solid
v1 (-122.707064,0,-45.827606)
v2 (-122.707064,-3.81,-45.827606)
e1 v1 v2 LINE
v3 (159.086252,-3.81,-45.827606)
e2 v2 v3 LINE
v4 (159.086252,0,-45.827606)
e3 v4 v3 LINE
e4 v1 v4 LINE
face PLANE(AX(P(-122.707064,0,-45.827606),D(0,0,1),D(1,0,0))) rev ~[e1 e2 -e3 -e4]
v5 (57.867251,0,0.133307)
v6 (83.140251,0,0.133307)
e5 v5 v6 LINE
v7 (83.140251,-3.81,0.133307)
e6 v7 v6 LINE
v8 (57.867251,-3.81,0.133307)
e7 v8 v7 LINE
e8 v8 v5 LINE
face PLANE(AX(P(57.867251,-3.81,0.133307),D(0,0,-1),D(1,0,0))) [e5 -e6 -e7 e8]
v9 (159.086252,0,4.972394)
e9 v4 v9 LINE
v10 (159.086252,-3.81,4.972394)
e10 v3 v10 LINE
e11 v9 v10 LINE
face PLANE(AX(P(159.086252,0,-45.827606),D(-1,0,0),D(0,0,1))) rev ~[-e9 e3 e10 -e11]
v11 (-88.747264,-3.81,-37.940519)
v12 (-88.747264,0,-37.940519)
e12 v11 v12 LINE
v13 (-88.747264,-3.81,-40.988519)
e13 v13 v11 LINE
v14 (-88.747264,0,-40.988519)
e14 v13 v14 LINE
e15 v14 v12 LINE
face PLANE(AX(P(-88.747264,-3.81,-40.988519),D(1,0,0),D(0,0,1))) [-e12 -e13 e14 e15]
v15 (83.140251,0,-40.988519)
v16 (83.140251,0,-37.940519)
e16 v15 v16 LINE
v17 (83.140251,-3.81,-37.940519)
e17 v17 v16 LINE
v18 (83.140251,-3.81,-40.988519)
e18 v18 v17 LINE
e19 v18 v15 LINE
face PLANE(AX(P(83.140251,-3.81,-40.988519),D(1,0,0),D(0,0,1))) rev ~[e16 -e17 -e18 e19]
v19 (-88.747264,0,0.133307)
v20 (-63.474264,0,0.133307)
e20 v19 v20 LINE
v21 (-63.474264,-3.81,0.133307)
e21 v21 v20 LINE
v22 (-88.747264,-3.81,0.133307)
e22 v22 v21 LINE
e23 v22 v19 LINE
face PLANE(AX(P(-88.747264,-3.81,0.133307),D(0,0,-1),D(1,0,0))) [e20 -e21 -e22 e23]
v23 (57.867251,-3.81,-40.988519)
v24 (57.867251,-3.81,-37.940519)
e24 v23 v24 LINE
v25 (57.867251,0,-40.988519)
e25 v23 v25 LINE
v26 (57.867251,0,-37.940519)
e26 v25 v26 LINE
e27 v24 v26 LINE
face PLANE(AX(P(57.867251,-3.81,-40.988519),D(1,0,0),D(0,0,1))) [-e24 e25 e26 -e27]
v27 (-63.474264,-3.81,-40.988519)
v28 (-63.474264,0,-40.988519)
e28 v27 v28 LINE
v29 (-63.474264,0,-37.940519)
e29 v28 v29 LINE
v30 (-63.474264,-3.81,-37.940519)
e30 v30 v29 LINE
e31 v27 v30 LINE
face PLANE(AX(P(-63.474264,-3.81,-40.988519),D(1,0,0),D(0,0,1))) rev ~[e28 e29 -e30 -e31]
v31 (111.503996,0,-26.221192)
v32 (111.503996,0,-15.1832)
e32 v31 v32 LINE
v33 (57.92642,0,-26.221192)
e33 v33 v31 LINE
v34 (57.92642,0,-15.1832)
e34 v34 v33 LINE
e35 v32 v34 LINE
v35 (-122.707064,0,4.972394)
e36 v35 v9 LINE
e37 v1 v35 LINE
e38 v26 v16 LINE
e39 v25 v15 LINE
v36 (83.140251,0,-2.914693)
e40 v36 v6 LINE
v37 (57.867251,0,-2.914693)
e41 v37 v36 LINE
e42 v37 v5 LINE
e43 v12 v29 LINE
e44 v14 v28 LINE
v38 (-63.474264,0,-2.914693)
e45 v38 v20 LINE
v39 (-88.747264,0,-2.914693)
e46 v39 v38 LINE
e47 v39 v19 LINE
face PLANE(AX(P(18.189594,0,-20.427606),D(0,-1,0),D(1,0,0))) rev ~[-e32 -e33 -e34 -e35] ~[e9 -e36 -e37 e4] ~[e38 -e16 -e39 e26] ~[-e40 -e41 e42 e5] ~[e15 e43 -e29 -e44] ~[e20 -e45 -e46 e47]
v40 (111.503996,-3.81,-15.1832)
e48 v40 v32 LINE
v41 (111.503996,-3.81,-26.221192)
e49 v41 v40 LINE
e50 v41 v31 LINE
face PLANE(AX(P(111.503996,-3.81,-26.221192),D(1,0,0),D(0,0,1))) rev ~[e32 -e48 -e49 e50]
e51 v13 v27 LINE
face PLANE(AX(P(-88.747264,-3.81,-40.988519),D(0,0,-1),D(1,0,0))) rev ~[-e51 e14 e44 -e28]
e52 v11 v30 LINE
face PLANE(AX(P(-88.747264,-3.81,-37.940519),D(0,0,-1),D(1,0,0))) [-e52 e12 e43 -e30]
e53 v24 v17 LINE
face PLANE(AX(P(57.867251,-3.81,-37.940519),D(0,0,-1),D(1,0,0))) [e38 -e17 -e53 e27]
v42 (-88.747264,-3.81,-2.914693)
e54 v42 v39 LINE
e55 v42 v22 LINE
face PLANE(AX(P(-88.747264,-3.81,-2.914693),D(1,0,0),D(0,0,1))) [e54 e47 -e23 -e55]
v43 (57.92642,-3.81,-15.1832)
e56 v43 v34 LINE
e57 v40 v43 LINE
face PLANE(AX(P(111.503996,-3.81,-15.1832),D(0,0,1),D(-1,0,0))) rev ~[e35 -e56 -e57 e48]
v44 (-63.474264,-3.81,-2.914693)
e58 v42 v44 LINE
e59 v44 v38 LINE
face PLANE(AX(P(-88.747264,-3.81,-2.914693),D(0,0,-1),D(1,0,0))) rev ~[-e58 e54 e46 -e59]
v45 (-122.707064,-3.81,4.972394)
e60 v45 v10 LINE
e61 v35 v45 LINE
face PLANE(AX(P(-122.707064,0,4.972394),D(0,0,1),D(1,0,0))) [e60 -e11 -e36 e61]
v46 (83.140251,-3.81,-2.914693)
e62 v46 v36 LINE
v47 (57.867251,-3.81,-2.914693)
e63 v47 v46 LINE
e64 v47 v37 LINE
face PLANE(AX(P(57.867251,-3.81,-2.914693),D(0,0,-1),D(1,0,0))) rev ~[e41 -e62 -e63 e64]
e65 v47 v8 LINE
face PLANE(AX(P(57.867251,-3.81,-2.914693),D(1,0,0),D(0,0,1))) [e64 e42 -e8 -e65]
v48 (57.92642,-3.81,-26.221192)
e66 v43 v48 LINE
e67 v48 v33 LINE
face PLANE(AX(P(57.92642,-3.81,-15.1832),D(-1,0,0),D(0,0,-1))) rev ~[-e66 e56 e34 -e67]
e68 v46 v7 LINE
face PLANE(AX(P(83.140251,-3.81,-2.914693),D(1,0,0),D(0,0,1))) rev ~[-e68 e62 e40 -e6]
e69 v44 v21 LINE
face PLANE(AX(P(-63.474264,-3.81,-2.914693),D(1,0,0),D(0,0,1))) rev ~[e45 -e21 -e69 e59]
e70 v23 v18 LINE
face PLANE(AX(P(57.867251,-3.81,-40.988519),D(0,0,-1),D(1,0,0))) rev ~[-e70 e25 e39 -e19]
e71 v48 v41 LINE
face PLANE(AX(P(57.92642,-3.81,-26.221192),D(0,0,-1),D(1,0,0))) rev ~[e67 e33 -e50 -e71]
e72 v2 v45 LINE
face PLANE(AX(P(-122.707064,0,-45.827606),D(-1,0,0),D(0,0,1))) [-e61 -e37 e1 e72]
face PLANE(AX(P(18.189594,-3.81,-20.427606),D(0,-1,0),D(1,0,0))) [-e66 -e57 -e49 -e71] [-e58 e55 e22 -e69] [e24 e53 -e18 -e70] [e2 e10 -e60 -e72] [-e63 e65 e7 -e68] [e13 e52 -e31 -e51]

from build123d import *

# Parameters (mm, degrees)
F0_W     = 281.793315
F0_H     = 50.8
F1_DEPTH = 3.81
F2_W     = 25.273
F2_H     = 3.048
F3_DEPTH = 25.4
F5_DEPTH = 25.4


with BuildPart() as f1:
    # F0 (on Front) → F1 (new body)
    with BuildSketch(Plane.XZ):
        with Locations((18.189594, -20.427606)):
            Rectangle(F0_W, F0_H)
    extrude(amount=F1_DEPTH)

    # F2 (on face) → F3 (cut)
    with BuildSketch(Plane.XZ.offset(3.81)):
        with Locations((70.503751, -1.390693)):
            Rectangle(F2_W, F2_H)
        with Locations((70.503751, -39.464519)):
            Rectangle(F2_W, F2_H)
        with Locations((-76.110764, -1.390693)):
            Rectangle(F2_W, F2_H)
        with Locations((-76.110764, -39.464519)):
            Rectangle(F2_W, F2_H)
    extrude(amount=-F3_DEPTH, mode=Mode.SUBTRACT)

    # F4 (on face) → F5 (cut)
    with BuildSketch(Plane.XZ.offset(3.81)):
        Polygon((111.503996, -15.1832), (67.158138, -15.1832), (57.92642, -15.1832), (57.92642, -26.221192), (67.158138, -26.221192), (111.503996, -26.221192), align=None)
    extrude(amount=-F5_DEPTH, mode=Mode.SUBTRACT)


solid = f1.part
